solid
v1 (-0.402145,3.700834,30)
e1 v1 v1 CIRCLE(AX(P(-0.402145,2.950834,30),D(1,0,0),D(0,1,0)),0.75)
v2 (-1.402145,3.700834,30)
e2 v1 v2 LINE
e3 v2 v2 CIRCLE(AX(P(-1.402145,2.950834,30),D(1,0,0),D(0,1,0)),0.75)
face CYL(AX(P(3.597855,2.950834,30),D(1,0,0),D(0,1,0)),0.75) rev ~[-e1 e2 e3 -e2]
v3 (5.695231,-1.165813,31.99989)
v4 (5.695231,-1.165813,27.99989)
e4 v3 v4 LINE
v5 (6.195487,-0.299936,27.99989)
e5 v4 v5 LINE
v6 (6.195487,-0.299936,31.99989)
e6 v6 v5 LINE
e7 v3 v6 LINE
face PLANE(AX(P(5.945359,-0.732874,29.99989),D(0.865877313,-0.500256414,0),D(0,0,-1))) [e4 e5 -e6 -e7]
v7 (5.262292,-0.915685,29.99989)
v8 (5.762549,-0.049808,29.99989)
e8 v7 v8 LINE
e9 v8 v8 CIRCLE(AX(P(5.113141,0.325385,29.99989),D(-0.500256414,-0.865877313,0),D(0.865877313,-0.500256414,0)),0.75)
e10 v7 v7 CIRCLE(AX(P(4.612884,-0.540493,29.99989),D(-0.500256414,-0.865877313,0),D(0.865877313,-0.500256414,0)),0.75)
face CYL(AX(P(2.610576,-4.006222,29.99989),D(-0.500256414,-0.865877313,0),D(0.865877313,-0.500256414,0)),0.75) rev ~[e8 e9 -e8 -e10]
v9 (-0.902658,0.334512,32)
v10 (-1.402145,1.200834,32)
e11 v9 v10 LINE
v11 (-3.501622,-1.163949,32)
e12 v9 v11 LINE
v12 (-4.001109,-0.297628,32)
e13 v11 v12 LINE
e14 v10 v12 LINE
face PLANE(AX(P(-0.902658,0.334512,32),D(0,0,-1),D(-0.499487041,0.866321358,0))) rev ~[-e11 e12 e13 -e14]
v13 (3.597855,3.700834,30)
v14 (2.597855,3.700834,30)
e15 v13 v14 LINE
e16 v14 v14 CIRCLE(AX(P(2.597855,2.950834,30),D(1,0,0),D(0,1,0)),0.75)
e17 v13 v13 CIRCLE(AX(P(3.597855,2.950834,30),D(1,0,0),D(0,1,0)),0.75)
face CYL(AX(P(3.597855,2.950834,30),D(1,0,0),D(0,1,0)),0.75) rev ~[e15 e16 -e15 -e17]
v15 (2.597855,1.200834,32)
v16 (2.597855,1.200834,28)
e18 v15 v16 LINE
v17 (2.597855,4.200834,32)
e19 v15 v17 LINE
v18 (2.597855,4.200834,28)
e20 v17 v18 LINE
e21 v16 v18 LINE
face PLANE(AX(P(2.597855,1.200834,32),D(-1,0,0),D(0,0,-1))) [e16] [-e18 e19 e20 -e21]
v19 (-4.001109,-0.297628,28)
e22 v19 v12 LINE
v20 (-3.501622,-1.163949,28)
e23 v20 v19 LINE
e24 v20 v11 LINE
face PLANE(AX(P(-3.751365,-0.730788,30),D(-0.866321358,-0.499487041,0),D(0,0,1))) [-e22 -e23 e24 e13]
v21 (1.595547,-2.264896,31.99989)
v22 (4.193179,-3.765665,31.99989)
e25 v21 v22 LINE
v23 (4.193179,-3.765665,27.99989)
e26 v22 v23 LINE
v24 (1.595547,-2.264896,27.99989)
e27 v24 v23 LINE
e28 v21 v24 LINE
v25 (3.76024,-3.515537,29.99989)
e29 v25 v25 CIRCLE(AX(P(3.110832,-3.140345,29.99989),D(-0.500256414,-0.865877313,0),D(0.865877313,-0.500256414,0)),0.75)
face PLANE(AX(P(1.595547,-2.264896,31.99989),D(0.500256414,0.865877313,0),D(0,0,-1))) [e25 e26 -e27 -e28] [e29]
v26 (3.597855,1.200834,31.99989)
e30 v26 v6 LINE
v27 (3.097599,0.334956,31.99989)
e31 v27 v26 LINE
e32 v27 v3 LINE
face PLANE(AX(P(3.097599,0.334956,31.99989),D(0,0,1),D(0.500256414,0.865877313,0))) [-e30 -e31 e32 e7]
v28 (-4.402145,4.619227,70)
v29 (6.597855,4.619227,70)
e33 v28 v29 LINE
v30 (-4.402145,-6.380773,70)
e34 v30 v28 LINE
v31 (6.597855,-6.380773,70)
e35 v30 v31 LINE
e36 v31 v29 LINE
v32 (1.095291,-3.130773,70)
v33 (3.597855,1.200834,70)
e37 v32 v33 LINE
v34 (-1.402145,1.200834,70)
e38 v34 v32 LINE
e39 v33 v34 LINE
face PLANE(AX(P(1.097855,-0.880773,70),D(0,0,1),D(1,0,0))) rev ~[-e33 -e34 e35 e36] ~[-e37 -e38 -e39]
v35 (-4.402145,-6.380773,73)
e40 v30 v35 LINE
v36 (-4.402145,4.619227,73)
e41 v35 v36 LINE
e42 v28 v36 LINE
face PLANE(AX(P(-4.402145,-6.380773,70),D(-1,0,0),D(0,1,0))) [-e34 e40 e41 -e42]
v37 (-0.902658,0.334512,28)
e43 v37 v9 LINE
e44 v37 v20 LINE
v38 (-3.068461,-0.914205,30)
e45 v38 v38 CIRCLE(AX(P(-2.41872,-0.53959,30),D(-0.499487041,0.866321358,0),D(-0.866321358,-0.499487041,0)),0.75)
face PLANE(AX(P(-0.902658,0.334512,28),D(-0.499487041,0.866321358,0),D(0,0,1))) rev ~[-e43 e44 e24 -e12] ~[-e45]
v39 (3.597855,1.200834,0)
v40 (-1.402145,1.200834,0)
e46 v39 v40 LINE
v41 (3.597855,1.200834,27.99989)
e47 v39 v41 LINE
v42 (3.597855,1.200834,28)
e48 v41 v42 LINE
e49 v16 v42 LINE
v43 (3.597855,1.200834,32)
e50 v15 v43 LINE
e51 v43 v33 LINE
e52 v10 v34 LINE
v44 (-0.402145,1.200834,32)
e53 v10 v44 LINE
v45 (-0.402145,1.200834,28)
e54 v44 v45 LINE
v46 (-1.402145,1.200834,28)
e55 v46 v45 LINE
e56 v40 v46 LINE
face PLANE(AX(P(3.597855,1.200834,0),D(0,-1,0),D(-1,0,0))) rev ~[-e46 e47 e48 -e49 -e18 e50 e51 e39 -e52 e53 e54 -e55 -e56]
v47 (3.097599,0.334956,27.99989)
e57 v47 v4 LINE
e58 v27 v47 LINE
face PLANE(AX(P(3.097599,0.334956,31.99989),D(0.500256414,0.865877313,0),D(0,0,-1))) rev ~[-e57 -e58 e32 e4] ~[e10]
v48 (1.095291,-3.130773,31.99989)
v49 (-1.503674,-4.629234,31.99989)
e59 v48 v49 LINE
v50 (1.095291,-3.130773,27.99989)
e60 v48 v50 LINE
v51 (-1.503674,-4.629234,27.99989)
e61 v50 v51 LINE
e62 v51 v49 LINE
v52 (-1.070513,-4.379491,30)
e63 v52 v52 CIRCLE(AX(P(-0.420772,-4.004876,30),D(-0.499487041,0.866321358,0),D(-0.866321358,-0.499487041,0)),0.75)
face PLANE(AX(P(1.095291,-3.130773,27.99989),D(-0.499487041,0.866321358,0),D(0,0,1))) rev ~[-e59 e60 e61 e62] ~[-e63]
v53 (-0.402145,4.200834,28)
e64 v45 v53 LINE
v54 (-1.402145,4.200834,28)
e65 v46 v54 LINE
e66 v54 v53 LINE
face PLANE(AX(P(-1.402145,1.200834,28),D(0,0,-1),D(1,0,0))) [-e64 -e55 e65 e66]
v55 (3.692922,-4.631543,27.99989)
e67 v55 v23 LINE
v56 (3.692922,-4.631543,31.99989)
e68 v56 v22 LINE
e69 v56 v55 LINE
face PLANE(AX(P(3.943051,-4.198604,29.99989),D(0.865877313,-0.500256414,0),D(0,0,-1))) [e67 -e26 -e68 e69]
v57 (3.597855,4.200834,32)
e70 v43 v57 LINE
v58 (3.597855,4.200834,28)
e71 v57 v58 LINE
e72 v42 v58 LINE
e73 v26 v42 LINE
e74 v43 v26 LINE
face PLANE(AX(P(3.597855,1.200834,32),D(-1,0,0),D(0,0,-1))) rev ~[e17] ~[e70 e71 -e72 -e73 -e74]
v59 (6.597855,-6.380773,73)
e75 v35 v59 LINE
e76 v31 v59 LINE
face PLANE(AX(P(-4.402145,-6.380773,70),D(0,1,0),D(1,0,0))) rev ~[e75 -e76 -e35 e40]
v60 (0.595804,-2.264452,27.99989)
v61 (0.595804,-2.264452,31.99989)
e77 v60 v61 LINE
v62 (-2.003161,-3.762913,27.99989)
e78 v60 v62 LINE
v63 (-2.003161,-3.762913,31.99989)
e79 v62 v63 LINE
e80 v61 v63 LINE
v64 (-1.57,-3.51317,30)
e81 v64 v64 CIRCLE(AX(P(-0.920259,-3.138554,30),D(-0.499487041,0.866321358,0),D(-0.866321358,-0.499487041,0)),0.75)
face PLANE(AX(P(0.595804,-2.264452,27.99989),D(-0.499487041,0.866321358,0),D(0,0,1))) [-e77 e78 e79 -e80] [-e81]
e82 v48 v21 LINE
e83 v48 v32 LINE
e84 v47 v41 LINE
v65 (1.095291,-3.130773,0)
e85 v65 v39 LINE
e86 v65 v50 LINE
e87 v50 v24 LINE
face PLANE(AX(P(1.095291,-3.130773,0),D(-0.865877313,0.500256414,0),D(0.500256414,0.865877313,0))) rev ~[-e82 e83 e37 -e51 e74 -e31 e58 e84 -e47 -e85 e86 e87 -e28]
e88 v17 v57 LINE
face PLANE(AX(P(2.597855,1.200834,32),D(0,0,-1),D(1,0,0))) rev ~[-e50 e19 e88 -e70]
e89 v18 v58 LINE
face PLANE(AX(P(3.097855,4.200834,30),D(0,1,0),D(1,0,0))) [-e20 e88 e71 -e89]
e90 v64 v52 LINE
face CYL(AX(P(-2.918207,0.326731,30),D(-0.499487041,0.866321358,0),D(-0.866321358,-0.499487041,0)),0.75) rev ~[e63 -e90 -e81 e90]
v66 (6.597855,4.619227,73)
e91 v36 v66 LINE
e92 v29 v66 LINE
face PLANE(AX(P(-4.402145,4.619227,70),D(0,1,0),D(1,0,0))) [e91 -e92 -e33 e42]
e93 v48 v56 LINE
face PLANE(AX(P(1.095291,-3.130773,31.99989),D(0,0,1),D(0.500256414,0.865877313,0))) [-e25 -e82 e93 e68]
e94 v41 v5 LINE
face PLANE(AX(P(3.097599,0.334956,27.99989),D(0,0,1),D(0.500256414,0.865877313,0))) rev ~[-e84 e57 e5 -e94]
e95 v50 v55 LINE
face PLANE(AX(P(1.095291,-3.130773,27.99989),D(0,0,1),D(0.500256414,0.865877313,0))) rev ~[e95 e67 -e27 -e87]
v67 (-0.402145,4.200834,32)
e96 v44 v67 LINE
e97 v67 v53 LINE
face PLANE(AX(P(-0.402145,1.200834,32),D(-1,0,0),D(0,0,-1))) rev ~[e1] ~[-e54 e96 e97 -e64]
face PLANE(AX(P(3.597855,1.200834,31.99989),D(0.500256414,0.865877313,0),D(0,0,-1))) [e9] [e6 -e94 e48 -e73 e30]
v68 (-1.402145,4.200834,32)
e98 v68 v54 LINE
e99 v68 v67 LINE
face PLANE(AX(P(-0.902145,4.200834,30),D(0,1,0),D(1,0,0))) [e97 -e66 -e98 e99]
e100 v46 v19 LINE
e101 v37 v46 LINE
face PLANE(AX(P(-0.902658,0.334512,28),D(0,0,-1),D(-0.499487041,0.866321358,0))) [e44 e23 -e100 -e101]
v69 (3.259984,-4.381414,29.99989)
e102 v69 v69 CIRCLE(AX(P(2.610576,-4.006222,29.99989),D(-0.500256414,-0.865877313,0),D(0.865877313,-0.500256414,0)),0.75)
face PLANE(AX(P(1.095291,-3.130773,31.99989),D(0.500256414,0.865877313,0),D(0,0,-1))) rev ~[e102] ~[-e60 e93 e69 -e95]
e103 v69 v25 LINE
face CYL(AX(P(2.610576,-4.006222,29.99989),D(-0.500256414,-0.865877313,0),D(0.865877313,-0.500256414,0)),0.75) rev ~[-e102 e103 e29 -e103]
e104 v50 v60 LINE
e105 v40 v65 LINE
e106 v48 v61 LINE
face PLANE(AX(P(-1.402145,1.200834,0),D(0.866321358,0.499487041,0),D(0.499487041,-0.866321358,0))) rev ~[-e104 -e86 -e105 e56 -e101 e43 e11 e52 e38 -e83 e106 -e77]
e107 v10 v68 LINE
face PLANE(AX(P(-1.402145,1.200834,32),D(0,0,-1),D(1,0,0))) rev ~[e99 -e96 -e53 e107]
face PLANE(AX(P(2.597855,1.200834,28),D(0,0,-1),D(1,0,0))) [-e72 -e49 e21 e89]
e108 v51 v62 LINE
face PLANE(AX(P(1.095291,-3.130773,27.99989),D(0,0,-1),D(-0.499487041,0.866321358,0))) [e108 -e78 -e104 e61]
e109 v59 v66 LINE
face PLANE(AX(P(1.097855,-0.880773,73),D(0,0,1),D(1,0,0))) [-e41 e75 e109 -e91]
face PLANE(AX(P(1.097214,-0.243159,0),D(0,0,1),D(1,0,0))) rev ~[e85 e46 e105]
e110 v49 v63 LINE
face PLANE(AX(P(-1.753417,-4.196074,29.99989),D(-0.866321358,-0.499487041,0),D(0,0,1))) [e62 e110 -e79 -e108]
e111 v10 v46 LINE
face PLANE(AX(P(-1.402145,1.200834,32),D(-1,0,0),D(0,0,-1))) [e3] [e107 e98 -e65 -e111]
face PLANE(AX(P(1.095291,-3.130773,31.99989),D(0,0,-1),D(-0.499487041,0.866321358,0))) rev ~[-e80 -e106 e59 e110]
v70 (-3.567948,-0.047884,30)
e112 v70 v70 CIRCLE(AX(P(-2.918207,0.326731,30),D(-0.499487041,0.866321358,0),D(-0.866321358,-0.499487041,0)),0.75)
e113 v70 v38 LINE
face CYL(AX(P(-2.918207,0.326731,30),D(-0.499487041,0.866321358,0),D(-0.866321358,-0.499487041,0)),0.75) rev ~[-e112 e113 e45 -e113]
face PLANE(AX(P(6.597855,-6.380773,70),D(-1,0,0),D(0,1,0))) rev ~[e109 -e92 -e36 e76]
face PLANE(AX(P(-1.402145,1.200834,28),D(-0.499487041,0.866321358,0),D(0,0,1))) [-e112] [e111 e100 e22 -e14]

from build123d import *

# Parameters (mm, degrees)
BOSS_EXTRU_1_DEPTH      = 70
ESQUISSE3_W             = 1
ESQUISSE3_H             = 4
BOSS_EXTRU_2_DEPTH      = 3
ESQUISSE4_W             = 1
ESQUISSE4_H             = 4
BOSS_EXTRU_3_DEPTH      = 3
ESQUISSE6_R             = 0.75
ENL_V_MAT_EXTRU_1_DEPTH = 5
ESQUISSE7_W             = 4
ESQUISSE7_H             = 1
BOSS_EXTRU_4_DEPTH      = 3
ESQUISSE8_W             = 4
ESQUISSE8_H             = 1
BOSS_EXTRU_5_DEPTH      = 3
ESQUISSE9_R             = 0.75
ENL_V_MAT_EXTRU_2_DEPTH = 5.1
ESQUISSE10_W            = 4
ESQUISSE10_H            = 1
BOSS_EXTRU_6_DEPTH      = 3
ESQUISSE11_W            = 4
ESQUISSE11_H            = 1
BOSS_EXTRU_7_DEPTH      = 3
ESQUISSE12_R            = 0.75
ENL_V_MAT_EXTRU_3_DEPTH = 5.1
ESQUISSE13_W            = 11
ESQUISSE13_H            = 11
BOSS_EXTRU_8_DEPTH      = 3


with BuildPart() as part:
    # Esquisse1 → Boss.-Extru.1 (new body)
    with BuildSketch(Plane.XY):
        Polygon((-1.402144657, 1.200833509), (1.095290548, -3.130773283), (3.597855343, 1.200833509), align=None)
    extrude(amount=BOSS_EXTRU_1_DEPTH)

    # Esquisse3 → Boss.-Extru.2 (add)
    with BuildSketch(Plane(origin=(0, 1.200833509, 0), x_dir=(1, 0, 0), z_dir=(0, 1, 0))):
        with Locations((-0.902144657, -30)):
            Rectangle(ESQUISSE3_W, ESQUISSE3_H)
    extrude(amount=BOSS_EXTRU_2_DEPTH)

    # Esquisse4 → Boss.-Extru.3 (add)
    with BuildSketch(Plane(origin=(0, 1.200833509, 0), x_dir=(1, 0, 0), z_dir=(0, 1, 0))):
        with Locations((3.097855343, -30)):
            Rectangle(ESQUISSE4_W, ESQUISSE4_H)
    extrude(amount=BOSS_EXTRU_3_DEPTH)

    # Esquisse6 → Enlèv. mat.-Extru.1 (cut)
    with BuildSketch(Plane(origin=(3.597855343, 0, 0), x_dir=(0, 0, -1), z_dir=(1, 0, 0))):
        with Locations(Location((-30, 2.950833509, 0), (0, 0, 90))):
            Circle(ESQUISSE6_R)
    extrude(amount=-ENL_V_MAT_EXTRU_1_DEPTH, mode=Mode.SUBTRACT)

    # Esquisse7 → Boss.-Extru.4 (add)
    with BuildSketch(Plane(origin=(2.177314873, -1.257933098, 0), x_dir=(0, 0, -1), z_dir=(0.8658773126093765, -0.5002564137603478, 0))):
        with Locations((-29.999890103, 2.339624703)):
            Rectangle(ESQUISSE7_W, ESQUISSE7_H)
    extrude(amount=BOSS_EXTRU_4_DEPTH)

    # Esquisse8 → Boss.-Extru.5 (add)
    with BuildSketch(Plane(origin=(2.177314873, -1.257933098, 0), x_dir=(0, 0, -1), z_dir=(0.8658773126093764, -0.5002564137603477, 0))):
        with Locations((-29.999890103, -1.662939435)):
            Rectangle(ESQUISSE8_W, ESQUISSE8_H)
    extrude(amount=BOSS_EXTRU_5_DEPTH)

    # Esquisse9 → Enlèv. mat.-Extru.2 (cut)
    with BuildSketch(Plane(origin=(-1.082024325, -1.872840185, 0), x_dir=(-0.8658773126093765, 0.5002564137603478, 0), z_dir=(-0.5002564137603477, -0.8658773126093764, 0))):
        with Locations(Location((-4.264576651, -29.999890103, 0), (0, 0, 180))):
            Circle(ESQUISSE9_R)
    extrude(amount=-ENL_V_MAT_EXTRU_2_DEPTH, mode=Mode.SUBTRACT)

    # Esquisse10 → Boss.-Extru.6 (add)
    with BuildSketch(Plane(origin=(-0.532707143, -0.307138122, 0), x_dir=(0, 0, 1), z_dir=(-0.8663213583248282, -0.499487040983272, 0))):
        with Locations((29.999890103, -2.759339198)):
            Rectangle(ESQUISSE10_W, ESQUISSE10_H)
    extrude(amount=BOSS_EXTRU_6_DEPTH)

    # Esquisse11 → Boss.-Extru.7 (add)
    with BuildSketch(Plane(origin=(-0.532707143, -0.307138122, 0), x_dir=(0, 0, 1), z_dir=(-0.8663213583248282, -0.499487040983272, 0))):
        with Locations((30, 1.240660802)):
            Rectangle(ESQUISSE11_W, ESQUISSE11_H)
    extrude(amount=BOSS_EXTRU_7_DEPTH)

    # Esquisse12 → Enlèv. mat.-Extru.3 (cut)
    with BuildSketch(Plane(origin=(-0.869437513, 1.50797163, 0), x_dir=(0.866321358324828, 0.499487040983272, 0), z_dir=(-0.499487040983272, 0.866321358324828, 0))):
        with Locations(Location((-2.364907088, -30, 0), (0, 0, 180))):
            Circle(ESQUISSE12_R)
    extrude(amount=-ENL_V_MAT_EXTRU_3_DEPTH, mode=Mode.SUBTRACT)

    # Esquisse13 → Boss.-Extru.8 (add)
    with BuildSketch(Plane.XY.offset(70)):
        with Locations((1.097855343, -0.880773283)):
            Rectangle(ESQUISSE13_W, ESQUISSE13_H)
    extrude(amount=BOSS_EXTRU_8_DEPTH)


solid = part.part
